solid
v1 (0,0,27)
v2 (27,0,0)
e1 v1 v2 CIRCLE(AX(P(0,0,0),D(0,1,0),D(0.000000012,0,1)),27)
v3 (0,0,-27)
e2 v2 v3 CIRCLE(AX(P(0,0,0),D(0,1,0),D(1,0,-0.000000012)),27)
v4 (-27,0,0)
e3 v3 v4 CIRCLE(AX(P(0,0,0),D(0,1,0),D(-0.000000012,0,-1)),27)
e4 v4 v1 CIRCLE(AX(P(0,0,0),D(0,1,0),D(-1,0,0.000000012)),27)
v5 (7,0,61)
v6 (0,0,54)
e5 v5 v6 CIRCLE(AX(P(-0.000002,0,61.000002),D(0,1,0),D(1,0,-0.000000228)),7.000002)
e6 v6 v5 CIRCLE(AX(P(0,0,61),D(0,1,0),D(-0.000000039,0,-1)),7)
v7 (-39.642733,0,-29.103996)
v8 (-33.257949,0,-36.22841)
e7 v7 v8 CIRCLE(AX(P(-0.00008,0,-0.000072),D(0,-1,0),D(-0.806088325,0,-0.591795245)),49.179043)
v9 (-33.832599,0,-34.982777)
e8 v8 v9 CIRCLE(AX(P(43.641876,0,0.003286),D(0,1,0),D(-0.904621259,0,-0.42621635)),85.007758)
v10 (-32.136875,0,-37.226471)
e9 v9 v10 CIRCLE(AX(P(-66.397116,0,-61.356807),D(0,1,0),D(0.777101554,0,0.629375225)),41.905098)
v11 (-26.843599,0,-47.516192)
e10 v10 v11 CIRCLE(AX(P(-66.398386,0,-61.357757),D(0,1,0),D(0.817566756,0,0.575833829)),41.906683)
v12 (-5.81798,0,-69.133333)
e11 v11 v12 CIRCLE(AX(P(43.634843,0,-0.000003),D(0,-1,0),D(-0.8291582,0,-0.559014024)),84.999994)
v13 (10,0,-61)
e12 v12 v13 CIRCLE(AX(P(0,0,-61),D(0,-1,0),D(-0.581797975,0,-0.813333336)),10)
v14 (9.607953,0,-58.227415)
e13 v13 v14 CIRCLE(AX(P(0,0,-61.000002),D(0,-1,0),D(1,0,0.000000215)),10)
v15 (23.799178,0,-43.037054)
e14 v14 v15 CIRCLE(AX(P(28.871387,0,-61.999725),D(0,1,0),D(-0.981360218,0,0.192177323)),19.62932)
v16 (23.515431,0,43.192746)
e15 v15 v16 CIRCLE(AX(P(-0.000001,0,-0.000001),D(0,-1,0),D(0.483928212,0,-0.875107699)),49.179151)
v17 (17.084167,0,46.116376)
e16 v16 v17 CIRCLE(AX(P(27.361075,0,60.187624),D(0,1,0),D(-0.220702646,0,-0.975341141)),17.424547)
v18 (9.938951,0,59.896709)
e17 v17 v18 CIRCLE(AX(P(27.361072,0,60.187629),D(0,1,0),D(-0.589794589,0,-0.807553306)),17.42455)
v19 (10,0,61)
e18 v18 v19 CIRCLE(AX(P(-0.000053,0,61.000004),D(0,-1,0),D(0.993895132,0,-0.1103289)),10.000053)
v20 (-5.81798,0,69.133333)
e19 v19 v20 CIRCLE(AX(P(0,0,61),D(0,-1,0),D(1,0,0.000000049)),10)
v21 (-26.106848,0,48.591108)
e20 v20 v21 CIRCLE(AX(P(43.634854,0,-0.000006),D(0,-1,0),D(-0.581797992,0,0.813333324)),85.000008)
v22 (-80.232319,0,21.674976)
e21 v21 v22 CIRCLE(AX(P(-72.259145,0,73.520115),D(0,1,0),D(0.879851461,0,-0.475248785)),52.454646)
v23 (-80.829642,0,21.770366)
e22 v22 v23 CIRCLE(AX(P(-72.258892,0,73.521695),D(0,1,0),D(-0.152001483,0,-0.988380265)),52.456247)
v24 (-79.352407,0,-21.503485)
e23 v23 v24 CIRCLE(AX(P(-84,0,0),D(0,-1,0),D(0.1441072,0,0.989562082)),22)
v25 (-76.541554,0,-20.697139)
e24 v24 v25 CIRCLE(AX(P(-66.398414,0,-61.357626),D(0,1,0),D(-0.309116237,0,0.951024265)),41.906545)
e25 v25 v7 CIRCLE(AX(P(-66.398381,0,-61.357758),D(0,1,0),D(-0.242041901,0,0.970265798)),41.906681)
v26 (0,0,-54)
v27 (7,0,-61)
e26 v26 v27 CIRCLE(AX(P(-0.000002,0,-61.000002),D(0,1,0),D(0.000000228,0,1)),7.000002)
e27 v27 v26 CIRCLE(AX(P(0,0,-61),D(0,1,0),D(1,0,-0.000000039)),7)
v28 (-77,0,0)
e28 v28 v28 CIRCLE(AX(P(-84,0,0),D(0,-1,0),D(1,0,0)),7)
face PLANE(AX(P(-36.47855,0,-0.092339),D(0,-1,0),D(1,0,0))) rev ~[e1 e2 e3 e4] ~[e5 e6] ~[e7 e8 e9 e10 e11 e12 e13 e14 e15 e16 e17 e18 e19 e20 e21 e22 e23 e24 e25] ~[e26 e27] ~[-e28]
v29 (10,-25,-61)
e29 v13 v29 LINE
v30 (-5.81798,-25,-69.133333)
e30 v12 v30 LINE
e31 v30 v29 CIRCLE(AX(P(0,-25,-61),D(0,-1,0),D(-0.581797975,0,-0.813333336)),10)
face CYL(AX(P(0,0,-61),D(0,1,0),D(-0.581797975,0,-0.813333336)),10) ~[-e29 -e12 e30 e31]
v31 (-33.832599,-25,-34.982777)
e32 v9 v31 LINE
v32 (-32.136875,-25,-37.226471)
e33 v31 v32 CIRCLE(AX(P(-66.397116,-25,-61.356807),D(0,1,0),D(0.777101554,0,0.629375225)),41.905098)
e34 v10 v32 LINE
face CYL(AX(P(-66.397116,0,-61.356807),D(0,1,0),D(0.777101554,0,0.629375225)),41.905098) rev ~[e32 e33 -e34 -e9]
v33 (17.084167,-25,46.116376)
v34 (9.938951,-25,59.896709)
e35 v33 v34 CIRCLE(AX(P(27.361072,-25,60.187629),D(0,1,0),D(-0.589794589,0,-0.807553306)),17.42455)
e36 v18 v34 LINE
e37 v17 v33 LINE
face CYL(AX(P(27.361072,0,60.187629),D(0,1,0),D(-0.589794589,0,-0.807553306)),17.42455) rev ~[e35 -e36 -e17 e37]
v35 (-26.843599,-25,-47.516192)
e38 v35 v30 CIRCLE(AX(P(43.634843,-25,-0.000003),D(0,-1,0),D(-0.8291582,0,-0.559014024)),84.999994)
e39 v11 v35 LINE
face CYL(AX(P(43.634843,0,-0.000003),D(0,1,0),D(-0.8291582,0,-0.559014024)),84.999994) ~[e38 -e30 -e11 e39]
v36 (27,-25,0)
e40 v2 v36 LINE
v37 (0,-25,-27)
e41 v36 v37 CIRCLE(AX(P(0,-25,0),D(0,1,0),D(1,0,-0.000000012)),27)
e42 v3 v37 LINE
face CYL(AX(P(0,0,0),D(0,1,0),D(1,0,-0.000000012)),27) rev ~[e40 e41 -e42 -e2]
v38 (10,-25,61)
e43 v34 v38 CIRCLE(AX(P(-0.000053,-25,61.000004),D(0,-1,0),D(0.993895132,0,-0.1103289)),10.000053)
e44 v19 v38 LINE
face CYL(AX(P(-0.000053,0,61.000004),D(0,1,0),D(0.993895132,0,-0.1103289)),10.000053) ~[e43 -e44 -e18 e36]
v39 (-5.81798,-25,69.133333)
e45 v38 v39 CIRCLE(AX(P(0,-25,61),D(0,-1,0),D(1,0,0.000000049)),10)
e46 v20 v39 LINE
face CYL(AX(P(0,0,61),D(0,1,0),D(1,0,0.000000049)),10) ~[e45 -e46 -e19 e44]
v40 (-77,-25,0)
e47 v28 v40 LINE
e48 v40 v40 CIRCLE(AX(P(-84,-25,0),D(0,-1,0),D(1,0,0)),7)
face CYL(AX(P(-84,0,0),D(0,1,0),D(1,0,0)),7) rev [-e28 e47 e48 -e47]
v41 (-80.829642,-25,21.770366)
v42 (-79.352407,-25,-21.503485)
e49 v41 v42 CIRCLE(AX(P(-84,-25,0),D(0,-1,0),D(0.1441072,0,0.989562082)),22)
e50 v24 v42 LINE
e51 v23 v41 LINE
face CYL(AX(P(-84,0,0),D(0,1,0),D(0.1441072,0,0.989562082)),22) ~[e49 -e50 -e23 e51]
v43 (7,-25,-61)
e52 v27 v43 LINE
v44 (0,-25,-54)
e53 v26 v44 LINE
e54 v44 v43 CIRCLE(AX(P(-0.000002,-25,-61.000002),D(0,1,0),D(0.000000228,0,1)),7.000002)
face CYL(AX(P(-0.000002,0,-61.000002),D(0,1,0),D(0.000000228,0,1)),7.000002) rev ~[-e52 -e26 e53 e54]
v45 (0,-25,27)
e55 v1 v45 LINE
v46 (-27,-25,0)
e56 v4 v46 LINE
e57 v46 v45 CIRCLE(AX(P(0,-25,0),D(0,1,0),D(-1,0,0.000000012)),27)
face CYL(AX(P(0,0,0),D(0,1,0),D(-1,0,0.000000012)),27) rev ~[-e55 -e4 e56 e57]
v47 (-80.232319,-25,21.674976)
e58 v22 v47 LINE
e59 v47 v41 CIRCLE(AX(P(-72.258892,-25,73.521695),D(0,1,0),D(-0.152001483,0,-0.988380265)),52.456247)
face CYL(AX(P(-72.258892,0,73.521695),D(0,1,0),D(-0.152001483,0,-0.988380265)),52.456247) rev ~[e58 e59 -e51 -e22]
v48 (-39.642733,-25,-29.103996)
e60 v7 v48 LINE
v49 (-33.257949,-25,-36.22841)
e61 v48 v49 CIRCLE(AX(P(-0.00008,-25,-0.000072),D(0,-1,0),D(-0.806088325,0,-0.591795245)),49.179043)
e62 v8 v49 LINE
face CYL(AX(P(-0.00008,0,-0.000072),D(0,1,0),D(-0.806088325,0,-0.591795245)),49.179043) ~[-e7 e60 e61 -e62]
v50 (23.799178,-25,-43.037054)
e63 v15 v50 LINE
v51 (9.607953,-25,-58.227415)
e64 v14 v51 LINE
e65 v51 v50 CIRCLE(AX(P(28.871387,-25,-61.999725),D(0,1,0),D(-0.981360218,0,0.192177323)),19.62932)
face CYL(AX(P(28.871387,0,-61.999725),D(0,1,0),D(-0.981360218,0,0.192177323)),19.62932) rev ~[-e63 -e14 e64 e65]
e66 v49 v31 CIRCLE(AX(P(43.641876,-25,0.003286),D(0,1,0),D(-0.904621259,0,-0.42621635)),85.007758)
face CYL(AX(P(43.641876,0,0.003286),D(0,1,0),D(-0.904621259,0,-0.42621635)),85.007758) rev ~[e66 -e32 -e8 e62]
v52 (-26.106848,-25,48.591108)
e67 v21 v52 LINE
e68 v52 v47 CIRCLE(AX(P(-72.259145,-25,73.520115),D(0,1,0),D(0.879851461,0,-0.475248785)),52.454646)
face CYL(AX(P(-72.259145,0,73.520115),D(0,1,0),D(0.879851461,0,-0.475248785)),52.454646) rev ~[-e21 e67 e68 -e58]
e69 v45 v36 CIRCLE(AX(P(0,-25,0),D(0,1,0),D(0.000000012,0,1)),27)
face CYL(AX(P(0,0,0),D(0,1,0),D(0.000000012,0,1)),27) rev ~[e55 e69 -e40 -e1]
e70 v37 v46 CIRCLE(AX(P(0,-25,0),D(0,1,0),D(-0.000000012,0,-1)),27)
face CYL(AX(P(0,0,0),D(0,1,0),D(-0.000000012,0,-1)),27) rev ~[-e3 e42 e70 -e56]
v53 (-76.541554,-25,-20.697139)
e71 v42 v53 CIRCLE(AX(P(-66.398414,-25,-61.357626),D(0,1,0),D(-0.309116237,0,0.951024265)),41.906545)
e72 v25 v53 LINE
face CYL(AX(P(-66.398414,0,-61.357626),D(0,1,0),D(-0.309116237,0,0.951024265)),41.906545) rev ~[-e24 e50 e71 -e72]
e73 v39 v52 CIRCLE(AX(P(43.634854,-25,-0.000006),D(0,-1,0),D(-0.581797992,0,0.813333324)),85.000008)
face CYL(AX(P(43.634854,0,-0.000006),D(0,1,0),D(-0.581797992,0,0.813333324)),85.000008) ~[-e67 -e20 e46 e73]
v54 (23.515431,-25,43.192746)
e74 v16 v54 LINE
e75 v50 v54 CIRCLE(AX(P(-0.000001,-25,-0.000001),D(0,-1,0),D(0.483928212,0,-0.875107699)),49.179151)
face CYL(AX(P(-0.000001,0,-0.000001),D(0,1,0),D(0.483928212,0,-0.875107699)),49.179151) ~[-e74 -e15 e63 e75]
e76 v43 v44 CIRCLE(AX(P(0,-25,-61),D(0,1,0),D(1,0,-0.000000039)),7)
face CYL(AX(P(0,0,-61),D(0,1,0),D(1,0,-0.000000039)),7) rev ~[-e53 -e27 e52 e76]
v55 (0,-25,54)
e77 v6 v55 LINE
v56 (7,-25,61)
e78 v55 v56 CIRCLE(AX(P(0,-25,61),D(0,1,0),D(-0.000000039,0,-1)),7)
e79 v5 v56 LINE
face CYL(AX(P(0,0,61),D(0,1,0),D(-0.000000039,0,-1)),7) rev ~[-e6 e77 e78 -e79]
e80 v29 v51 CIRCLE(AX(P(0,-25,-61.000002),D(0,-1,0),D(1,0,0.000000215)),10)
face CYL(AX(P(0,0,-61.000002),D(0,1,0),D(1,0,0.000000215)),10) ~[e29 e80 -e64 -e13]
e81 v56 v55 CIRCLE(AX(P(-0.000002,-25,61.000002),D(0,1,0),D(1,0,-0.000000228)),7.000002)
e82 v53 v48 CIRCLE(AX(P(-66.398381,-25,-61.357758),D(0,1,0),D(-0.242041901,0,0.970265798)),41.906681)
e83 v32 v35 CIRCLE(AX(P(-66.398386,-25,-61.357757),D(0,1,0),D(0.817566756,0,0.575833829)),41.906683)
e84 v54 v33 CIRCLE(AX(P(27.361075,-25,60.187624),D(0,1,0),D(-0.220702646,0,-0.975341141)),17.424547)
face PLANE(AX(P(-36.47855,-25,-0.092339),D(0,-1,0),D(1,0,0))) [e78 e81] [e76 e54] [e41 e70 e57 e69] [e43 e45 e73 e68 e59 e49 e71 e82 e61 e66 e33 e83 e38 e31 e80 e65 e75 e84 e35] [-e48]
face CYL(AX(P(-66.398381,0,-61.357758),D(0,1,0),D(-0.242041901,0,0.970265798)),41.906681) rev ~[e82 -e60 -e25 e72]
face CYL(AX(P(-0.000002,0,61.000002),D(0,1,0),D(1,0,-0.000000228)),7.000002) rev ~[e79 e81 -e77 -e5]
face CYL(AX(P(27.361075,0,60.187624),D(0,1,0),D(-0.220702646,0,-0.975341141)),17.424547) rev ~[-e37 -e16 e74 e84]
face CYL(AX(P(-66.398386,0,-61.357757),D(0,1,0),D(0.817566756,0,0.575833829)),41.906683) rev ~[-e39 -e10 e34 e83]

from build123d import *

# Parameters (mm, degrees)
F0_R     = 7
F1_DEPTH = 25


with BuildPart() as f1:
    # F0 (on Front) → F1 (new body)
    with BuildSketch(Plane.XZ):
        with BuildLine():
            ThreePointArc((-5.81798, -69.133333), (-9.521905, -57.94495), (0, -51))
            Line((0, -51), (0, -27))
            ThreePointArc((0, -27), (-19.091883, -19.091883), (-27, 0))
            ThreePointArc((-27, 0), (-19.091883, 19.091883), (0, 27))
            Line((0, 27), (0, 51))
            ThreePointArc((0, 51), (-9.521905, 57.94495), (-5.81798, 69.133333))
            ThreePointArc((-5.81798, 69.133333), (-16.84101, 59.72998), (-26.106848, 48.591108))
            ThreePointArc((-26.106848, 48.591108), (-48.902542, 26.552477), (-80.232319, 21.674976))
            ThreePointArc((-80.232319, 21.674976), (-80.531118, 21.72181), (-80.829642, 21.770366))
            ThreePointArc((-80.829642, 21.770366), (-105.987193, -0.750574), (-79.352407, -21.503485))
            ThreePointArc((-79.352407, -21.503485), (-77.954016, -21.075787), (-76.541554, -20.697139))
            ThreePointArc((-76.541554, -20.697139), (-57.089117, -20.498151), (-39.642733, -29.103996))
            ThreePointArc((-39.642733, -29.103996), (-36.623991, -32.821825), (-33.257949, -36.22841))
            ThreePointArc((-33.257949, -36.22841), (-33.547787, -35.606752), (-33.832599, -34.982777))
            ThreePointArc((-33.832599, -34.982777), (-32.965909, -36.090394), (-32.136875, -37.226471))
            ThreePointArc((-32.136875, -37.226471), (-29.133375, -42.187753), (-26.843599, -47.516192))
            ThreePointArc((-26.843599, -47.516192), (-17.297105, -59.264636), (-5.81798, -69.133333))
        make_face()
        with Locations((-84, 0)):
            Circle(F0_R, mode=Mode.SUBTRACT)
        with BuildLine():
            ThreePointArc((9.607953, -58.227415), (14.527655, -48.599443), (23.799178, -43.037054))
            ThreePointArc((23.799178, -43.037054), (49.178884, 0.161827), (23.515431, 43.192746))
            ThreePointArc((23.515431, 43.192746), (20.150075, 44.325205), (17.084167, 46.116376))
            ThreePointArc((17.084167, 46.116376), (11.892284, 52.166935), (9.938951, 59.896709))
            ThreePointArc((9.938951, 59.896709), (6.669599, 53.549064), (0, 51))
            Line((0, 51), (0, 27))
            ThreePointArc((0, 27), (19.091883, 19.091883), (27, 0))
            ThreePointArc((27, 0), (19.091883, -19.091883), (0, -27))
            Line((0, -27), (0, -51))
            ThreePointArc((0, -51), (6.011412, -53.008572), (9.607953, -58.227415))
        make_face()
        with BuildLine():
            ThreePointArc((10, -61), (9.901503, -59.599917), (9.607953, -58.227415))
            ThreePointArc((9.607953, -58.227415), (6.011412, -53.008572), (0, -51))
            ThreePointArc((0, -51), (-9.521905, -57.94495), (-5.81798, -69.133333))
            ThreePointArc((-5.81798, -69.133333), (4.572756, -69.89325), (10, -61))
        make_face()
        with BuildLine():
            ThreePointArc((7, -61), (-4.949747, -65.949747), (0, -54))
            ThreePointArc((0, -54), (4.949747, -56.050253), (7, -61))
        make_face(mode=Mode.SUBTRACT)
        with BuildLine():
            ThreePointArc((0, 51), (6.669599, 53.549064), (9.938951, 59.896709))
            ThreePointArc((9.938951, 59.896709), (9.984726, 60.447511), (10, 61))
            ThreePointArc((10, 61), (4.572756, 69.89325), (-5.81798, 69.133333))
            ThreePointArc((-5.81798, 69.133333), (-9.521905, 57.94495), (0, 51))
        make_face()
        with BuildLine():
            ThreePointArc((7, 61), (4.949747, 56.050253), (0, 54))
            ThreePointArc((0, 54), (-4.949747, 65.949747), (7, 61))
        make_face(mode=Mode.SUBTRACT)
    extrude(amount=F1_DEPTH)


solid = f1.part
